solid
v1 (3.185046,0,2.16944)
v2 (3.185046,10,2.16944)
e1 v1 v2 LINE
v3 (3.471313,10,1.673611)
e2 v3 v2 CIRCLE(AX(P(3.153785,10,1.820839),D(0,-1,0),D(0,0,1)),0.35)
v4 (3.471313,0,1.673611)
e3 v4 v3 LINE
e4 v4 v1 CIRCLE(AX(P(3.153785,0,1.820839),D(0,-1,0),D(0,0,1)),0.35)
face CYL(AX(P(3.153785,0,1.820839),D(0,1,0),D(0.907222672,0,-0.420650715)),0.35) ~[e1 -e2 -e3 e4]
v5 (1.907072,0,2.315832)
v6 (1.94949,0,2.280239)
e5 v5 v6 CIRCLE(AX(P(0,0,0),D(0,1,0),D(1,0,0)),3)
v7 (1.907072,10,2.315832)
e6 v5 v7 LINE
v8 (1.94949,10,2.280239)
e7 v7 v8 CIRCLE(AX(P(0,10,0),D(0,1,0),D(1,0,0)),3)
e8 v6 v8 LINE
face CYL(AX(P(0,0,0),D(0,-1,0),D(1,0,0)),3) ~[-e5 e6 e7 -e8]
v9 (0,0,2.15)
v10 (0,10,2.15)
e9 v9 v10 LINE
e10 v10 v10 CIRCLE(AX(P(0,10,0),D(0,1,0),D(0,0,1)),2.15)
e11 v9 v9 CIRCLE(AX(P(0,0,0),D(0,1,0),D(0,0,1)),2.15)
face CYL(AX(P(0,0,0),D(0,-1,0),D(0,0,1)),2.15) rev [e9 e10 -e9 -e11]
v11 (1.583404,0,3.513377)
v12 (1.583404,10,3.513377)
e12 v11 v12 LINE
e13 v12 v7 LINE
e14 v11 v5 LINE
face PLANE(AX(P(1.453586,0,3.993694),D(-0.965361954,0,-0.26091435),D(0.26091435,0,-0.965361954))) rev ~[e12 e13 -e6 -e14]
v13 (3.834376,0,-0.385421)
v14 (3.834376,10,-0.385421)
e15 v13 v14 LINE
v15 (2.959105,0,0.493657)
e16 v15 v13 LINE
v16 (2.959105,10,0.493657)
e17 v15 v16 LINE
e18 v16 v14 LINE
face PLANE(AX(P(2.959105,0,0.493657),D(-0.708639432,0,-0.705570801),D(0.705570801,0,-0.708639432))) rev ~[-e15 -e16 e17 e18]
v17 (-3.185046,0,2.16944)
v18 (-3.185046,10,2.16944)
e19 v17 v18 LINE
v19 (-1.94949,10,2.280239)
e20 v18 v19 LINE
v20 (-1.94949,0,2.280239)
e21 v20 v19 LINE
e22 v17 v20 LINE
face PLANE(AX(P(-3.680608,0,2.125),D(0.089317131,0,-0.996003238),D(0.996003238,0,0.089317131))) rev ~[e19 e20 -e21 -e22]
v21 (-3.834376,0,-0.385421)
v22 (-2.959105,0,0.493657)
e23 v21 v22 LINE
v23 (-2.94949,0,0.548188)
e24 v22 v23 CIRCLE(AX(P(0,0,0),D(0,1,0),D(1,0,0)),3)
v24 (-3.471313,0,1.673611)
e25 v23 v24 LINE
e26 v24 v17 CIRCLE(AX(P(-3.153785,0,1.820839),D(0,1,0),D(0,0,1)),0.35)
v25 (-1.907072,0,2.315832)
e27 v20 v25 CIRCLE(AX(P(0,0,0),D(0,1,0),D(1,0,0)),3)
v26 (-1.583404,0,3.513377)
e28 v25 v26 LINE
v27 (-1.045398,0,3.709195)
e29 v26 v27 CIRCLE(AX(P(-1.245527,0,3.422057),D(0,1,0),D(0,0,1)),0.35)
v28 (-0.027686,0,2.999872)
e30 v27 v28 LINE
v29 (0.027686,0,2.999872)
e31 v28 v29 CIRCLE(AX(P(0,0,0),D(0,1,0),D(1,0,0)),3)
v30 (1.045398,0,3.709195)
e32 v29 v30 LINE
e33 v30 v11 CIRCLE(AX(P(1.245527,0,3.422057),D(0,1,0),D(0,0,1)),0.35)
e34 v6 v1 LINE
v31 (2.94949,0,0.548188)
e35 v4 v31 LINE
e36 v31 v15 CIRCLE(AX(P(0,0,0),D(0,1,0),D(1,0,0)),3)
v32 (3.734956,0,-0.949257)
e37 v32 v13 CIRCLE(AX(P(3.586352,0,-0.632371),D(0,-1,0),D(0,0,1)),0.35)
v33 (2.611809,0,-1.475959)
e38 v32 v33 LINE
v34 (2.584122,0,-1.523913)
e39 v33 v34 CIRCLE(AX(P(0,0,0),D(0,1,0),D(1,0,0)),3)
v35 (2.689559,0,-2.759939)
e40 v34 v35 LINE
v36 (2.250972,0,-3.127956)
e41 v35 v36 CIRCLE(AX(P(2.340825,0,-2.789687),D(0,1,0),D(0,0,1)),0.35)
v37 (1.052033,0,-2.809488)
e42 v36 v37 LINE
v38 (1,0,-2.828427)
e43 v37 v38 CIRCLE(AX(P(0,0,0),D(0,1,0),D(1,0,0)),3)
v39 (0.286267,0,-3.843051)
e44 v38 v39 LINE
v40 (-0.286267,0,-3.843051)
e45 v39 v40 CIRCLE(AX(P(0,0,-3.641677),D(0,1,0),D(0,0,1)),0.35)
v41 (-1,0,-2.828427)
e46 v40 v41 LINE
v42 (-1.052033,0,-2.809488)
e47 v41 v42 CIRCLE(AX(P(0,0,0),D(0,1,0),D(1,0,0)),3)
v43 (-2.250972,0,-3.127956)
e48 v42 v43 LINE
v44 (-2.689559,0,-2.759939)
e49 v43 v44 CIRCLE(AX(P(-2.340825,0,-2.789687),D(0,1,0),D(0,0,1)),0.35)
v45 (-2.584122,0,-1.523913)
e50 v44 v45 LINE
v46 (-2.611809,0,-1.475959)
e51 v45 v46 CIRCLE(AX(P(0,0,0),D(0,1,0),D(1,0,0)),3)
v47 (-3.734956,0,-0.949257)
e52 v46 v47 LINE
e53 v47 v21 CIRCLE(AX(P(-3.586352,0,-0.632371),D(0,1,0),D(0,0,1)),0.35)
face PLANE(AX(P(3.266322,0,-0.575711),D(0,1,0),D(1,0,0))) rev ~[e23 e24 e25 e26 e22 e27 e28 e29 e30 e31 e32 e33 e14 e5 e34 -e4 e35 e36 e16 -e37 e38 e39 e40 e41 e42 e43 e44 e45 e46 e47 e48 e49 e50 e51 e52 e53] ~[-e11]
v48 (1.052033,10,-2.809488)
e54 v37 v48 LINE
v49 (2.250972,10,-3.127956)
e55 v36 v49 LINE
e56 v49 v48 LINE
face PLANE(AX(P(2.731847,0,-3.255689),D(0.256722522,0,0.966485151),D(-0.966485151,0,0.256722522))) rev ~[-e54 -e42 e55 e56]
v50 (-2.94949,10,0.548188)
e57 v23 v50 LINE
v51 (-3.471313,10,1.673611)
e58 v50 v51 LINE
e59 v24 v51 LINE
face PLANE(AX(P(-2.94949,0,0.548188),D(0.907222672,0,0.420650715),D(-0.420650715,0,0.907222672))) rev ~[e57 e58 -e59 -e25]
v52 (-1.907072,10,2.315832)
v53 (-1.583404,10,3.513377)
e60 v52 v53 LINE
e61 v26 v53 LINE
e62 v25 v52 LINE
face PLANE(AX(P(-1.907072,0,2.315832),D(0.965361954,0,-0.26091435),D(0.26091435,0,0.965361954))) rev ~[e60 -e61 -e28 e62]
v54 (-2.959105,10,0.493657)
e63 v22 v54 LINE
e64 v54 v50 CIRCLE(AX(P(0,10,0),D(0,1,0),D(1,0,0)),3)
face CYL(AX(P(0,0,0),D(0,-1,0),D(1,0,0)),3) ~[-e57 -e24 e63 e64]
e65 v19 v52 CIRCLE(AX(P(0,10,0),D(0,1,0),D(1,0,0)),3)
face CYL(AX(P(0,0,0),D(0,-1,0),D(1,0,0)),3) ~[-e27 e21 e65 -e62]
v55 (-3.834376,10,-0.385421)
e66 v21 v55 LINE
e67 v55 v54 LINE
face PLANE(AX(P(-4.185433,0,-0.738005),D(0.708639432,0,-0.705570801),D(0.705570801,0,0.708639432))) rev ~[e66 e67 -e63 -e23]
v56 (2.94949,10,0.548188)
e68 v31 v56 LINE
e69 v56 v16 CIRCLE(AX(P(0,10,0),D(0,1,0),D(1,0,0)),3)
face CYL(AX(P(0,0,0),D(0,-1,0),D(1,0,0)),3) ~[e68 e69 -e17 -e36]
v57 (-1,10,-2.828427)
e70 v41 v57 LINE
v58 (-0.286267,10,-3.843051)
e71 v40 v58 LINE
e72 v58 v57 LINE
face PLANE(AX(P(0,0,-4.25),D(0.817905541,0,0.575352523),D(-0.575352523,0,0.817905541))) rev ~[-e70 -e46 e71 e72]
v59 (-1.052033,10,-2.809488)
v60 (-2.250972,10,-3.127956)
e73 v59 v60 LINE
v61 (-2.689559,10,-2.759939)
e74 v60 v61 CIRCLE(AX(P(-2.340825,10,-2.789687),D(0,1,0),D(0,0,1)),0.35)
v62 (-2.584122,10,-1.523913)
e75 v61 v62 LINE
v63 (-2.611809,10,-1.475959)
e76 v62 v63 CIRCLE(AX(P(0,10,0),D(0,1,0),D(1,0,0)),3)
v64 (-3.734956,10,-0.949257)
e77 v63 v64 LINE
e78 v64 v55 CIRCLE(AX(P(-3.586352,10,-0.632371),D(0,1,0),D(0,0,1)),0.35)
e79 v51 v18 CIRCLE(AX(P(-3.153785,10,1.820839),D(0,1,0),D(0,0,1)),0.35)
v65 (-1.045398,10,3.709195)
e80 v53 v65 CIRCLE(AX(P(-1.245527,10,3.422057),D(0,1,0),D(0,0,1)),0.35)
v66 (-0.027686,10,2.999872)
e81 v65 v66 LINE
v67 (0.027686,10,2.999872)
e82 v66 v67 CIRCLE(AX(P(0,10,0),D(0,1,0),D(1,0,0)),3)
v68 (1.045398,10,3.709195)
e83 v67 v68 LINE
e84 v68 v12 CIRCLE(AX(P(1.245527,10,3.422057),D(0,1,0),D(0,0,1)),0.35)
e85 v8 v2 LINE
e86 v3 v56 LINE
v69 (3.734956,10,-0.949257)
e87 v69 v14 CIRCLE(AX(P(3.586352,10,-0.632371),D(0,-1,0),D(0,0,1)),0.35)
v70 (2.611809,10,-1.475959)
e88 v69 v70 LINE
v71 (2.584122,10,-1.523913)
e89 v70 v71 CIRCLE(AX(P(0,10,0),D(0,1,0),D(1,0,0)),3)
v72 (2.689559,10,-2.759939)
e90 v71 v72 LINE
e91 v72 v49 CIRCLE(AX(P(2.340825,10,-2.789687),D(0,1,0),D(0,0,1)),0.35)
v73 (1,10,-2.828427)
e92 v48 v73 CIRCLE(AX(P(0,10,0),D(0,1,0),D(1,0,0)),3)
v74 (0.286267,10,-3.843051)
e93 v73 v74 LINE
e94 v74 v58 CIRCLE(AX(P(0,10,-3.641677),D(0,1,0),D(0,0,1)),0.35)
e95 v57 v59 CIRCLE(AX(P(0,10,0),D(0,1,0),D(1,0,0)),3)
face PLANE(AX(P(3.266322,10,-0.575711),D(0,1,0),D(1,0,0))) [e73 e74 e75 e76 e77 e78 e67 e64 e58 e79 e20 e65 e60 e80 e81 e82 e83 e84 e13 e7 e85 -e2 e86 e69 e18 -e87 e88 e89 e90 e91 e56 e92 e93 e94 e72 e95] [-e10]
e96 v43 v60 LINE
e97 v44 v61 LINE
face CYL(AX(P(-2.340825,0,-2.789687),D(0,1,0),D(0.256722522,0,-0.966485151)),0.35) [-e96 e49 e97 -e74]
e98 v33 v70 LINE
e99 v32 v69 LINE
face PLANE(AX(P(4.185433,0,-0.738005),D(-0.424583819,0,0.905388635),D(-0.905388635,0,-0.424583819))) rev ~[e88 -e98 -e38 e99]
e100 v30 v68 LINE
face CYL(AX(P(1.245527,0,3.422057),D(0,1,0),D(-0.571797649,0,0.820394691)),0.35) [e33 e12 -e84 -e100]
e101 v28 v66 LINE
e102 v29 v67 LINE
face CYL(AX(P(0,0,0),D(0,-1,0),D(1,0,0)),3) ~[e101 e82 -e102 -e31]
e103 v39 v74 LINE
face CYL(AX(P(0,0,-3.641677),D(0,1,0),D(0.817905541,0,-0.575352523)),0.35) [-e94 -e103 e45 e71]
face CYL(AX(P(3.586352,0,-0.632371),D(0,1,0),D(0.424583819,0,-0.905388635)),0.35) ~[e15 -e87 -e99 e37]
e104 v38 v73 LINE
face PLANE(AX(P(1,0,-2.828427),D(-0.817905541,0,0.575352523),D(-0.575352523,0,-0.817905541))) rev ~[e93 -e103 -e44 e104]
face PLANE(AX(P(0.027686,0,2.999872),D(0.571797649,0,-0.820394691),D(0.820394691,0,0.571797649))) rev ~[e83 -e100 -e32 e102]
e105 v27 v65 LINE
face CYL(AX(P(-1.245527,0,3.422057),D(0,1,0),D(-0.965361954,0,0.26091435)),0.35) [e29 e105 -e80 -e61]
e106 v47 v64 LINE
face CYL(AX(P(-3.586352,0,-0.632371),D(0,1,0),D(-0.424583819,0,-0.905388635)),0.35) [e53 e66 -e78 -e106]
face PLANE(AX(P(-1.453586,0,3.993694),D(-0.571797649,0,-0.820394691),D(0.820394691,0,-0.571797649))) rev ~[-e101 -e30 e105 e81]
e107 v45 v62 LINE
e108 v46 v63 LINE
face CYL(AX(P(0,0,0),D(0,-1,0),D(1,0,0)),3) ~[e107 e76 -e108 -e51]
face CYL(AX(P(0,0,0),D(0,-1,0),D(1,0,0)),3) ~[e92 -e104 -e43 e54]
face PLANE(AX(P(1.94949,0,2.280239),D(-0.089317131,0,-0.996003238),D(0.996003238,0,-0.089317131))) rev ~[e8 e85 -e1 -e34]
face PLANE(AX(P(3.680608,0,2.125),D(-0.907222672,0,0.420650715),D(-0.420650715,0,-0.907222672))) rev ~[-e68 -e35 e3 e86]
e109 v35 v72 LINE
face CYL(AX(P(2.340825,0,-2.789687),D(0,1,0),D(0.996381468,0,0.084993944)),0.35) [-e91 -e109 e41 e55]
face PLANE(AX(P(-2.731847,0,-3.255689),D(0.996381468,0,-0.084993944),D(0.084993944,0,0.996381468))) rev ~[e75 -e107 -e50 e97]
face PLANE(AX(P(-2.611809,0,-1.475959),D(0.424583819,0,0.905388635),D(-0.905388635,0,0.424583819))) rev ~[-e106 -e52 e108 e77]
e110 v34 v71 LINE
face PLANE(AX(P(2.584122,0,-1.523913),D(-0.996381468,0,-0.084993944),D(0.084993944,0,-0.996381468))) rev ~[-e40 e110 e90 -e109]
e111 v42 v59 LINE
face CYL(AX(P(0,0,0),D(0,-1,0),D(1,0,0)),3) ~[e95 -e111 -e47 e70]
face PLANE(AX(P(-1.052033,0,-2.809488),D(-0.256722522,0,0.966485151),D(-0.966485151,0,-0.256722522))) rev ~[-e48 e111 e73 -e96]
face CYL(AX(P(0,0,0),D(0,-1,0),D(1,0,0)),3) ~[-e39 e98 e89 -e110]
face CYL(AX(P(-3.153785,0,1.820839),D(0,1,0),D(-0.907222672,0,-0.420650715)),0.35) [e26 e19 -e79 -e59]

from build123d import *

# Parameters (mm, degrees)
SKETCH1_R           = 3
SKETCH1_R_2         = 2.15
BOSS_EXTRUDE1_DEPTH = 10
FILLET1_R           = 0.35


with BuildPart() as part:
    # Sketch1 → Boss-Extrude1 (new body)
    # profile 1 of 10: a face of its own
    with BuildSketch(Plane(origin=(0, 0, 0), x_dir=(1, 0, 0), z_dir=(0, 1, 0))):
        with BuildLine():
            Line((1, 2.828427125), (0, 4.25))
            Line((0, 4.25), (-1, 2.828427125))
            ThreePointArc((-1, 2.828427125), (0, 3), (1, 2.828427125))
        make_face()
    # profile 2 of 10: a face of its own
    with BuildSketch(Plane(origin=(0, 0, 0), x_dir=(1, 0, 0), z_dir=(0, 1, 0))):
        with BuildLine():
            Line((2.731847341, 3.255688883), (1.052033468, 2.809488491))
            ThreePointArc((1.052033468, 2.809488491), (1.928362829, 2.298133329), (2.584122354, 1.523913272))
            Line((2.584122354, 1.523913272), (2.731847341, 3.255688883))
        make_face()
    # profile 3 of 10: a face of its own
    with BuildSketch(Plane(origin=(0, 0, 0), x_dir=(1, 0, 0), z_dir=(0, 1, 0))):
        with BuildLine():
            Line((4.18543295, 0.738004755), (2.611808784, 1.475958969))
            ThreePointArc((2.611808784, 1.475958969), (2.901329553, 0.763077207), (3, 0))
            ThreePointArc((3, 0), (2.989758804, -0.24767376), (2.959105139, -0.493656537))
            Line((2.959105139, -0.493656537), (4.18543295, 0.738004755))
        make_face()
    # profile 4 of 10: a face of its own
    with BuildSketch(Plane(origin=(0, 0, 0), x_dir=(1, 0, 0), z_dir=(0, 1, 0))):
        with BuildLine():
            Line((3.680607966, -2.125), (2.949489743, -0.548188159))
            ThreePointArc((2.949489743, -0.548188159), (2.598076211, -1.5), (1.949489743, -2.280238966))
            Line((1.949489743, -2.280238966), (3.680607966, -2.125))
        make_face()
    # profile 5 of 10: a face of its own
    with BuildSketch(Plane(origin=(0, 0, 0), x_dir=(1, 0, 0), z_dir=(0, 1, 0))):
        with BuildLine():
            Line((1.453585609, -3.993693638), (1.907071671, -2.315831954))
            ThreePointArc((1.907071671, -2.315831954), (1.02606043, -2.819077862), (0.02768643, -2.999872241))
            Line((0.02768643, -2.999872241), (1.453585609, -3.993693638))
        make_face()
    # profile 6 of 10: a face of its own
    with BuildSketch(Plane(origin=(0, 0, 0), x_dir=(1, 0, 0), z_dir=(0, 1, 0))):
        with BuildLine():
            ThreePointArc((-0.02768643, -2.999872241), (-1.02606043, -2.819077862), (-1.907071671, -2.315831954))
            Line((-1.907071671, -2.315831954), (-1.453585609, -3.993693638))
            Line((-1.453585609, -3.993693638), (-0.02768643, -2.999872241))
        make_face()
    # profile 7 of 10: a face of its own
    with BuildSketch(Plane(origin=(0, 0, 0), x_dir=(1, 0, 0), z_dir=(0, 1, 0))):
        Circle(SKETCH1_R)
        with Locations(Location((0, 0, 0), (0, 0, 270))):
            Circle(SKETCH1_R_2, mode=Mode.SUBTRACT)
    # profile 8 of 10: a face of its own
    with BuildSketch(Plane(origin=(0, 0, 0), x_dir=(1, 0, 0), z_dir=(0, 1, 0))):
        with BuildLine():
            ThreePointArc((-1.949489743, -2.280238966), (-2.598076211, -1.5), (-2.949489743, -0.548188159))
            Line((-2.949489743, -0.548188159), (-3.680607966, -2.125))
            Line((-3.680607966, -2.125), (-1.949489743, -2.280238966))
        make_face()
    # profile 9 of 10: a face of its own
    with BuildSketch(Plane(origin=(0, 0, 0), x_dir=(1, 0, 0), z_dir=(0, 1, 0))):
        with BuildLine():
            ThreePointArc((-2.959105139, -0.493656537), (-2.954423259, 0.520944533), (-2.611808784, 1.475958969))
            Line((-2.611808784, 1.475958969), (-4.18543295, 0.738004755))
            Line((-4.18543295, 0.738004755), (-2.959105139, -0.493656537))
        make_face()
    # profile 10 of 10: a face of its own
    with BuildSketch(Plane(origin=(0, 0, 0), x_dir=(1, 0, 0), z_dir=(0, 1, 0))):
        with BuildLine():
            ThreePointArc((-2.584122354, 1.523913272), (-1.928362829, 2.298133329), (-1.052033468, 2.809488491))
            Line((-1.052033468, 2.809488491), (-2.731847341, 3.255688883))
            Line((-2.731847341, 3.255688883), (-2.584122354, 1.523913272))
        make_face()
    extrude(amount=BOSS_EXTRUDE1_DEPTH)

    # Fillet1
    fillet1_edges = [part.edges().sort_by_distance(p)[0] for p in [
        (0, 5, -4.25),
        (2.731847341, 5, -3.255688883),
        (4.18543295, 5, -0.738004755),
        (3.680607966, 5, 2.125),
        (1.453585609, 5, 3.993693638),
        (-1.453585609, 5, 3.993693638),
        (-3.680607966, 5, 2.125),
        (-4.18543295, 5, -0.738004755),
        (-2.731847341, 5, -3.255688883),
    ]]
    fillet(fillet1_edges, radius=FILLET1_R)


solid = part.part
